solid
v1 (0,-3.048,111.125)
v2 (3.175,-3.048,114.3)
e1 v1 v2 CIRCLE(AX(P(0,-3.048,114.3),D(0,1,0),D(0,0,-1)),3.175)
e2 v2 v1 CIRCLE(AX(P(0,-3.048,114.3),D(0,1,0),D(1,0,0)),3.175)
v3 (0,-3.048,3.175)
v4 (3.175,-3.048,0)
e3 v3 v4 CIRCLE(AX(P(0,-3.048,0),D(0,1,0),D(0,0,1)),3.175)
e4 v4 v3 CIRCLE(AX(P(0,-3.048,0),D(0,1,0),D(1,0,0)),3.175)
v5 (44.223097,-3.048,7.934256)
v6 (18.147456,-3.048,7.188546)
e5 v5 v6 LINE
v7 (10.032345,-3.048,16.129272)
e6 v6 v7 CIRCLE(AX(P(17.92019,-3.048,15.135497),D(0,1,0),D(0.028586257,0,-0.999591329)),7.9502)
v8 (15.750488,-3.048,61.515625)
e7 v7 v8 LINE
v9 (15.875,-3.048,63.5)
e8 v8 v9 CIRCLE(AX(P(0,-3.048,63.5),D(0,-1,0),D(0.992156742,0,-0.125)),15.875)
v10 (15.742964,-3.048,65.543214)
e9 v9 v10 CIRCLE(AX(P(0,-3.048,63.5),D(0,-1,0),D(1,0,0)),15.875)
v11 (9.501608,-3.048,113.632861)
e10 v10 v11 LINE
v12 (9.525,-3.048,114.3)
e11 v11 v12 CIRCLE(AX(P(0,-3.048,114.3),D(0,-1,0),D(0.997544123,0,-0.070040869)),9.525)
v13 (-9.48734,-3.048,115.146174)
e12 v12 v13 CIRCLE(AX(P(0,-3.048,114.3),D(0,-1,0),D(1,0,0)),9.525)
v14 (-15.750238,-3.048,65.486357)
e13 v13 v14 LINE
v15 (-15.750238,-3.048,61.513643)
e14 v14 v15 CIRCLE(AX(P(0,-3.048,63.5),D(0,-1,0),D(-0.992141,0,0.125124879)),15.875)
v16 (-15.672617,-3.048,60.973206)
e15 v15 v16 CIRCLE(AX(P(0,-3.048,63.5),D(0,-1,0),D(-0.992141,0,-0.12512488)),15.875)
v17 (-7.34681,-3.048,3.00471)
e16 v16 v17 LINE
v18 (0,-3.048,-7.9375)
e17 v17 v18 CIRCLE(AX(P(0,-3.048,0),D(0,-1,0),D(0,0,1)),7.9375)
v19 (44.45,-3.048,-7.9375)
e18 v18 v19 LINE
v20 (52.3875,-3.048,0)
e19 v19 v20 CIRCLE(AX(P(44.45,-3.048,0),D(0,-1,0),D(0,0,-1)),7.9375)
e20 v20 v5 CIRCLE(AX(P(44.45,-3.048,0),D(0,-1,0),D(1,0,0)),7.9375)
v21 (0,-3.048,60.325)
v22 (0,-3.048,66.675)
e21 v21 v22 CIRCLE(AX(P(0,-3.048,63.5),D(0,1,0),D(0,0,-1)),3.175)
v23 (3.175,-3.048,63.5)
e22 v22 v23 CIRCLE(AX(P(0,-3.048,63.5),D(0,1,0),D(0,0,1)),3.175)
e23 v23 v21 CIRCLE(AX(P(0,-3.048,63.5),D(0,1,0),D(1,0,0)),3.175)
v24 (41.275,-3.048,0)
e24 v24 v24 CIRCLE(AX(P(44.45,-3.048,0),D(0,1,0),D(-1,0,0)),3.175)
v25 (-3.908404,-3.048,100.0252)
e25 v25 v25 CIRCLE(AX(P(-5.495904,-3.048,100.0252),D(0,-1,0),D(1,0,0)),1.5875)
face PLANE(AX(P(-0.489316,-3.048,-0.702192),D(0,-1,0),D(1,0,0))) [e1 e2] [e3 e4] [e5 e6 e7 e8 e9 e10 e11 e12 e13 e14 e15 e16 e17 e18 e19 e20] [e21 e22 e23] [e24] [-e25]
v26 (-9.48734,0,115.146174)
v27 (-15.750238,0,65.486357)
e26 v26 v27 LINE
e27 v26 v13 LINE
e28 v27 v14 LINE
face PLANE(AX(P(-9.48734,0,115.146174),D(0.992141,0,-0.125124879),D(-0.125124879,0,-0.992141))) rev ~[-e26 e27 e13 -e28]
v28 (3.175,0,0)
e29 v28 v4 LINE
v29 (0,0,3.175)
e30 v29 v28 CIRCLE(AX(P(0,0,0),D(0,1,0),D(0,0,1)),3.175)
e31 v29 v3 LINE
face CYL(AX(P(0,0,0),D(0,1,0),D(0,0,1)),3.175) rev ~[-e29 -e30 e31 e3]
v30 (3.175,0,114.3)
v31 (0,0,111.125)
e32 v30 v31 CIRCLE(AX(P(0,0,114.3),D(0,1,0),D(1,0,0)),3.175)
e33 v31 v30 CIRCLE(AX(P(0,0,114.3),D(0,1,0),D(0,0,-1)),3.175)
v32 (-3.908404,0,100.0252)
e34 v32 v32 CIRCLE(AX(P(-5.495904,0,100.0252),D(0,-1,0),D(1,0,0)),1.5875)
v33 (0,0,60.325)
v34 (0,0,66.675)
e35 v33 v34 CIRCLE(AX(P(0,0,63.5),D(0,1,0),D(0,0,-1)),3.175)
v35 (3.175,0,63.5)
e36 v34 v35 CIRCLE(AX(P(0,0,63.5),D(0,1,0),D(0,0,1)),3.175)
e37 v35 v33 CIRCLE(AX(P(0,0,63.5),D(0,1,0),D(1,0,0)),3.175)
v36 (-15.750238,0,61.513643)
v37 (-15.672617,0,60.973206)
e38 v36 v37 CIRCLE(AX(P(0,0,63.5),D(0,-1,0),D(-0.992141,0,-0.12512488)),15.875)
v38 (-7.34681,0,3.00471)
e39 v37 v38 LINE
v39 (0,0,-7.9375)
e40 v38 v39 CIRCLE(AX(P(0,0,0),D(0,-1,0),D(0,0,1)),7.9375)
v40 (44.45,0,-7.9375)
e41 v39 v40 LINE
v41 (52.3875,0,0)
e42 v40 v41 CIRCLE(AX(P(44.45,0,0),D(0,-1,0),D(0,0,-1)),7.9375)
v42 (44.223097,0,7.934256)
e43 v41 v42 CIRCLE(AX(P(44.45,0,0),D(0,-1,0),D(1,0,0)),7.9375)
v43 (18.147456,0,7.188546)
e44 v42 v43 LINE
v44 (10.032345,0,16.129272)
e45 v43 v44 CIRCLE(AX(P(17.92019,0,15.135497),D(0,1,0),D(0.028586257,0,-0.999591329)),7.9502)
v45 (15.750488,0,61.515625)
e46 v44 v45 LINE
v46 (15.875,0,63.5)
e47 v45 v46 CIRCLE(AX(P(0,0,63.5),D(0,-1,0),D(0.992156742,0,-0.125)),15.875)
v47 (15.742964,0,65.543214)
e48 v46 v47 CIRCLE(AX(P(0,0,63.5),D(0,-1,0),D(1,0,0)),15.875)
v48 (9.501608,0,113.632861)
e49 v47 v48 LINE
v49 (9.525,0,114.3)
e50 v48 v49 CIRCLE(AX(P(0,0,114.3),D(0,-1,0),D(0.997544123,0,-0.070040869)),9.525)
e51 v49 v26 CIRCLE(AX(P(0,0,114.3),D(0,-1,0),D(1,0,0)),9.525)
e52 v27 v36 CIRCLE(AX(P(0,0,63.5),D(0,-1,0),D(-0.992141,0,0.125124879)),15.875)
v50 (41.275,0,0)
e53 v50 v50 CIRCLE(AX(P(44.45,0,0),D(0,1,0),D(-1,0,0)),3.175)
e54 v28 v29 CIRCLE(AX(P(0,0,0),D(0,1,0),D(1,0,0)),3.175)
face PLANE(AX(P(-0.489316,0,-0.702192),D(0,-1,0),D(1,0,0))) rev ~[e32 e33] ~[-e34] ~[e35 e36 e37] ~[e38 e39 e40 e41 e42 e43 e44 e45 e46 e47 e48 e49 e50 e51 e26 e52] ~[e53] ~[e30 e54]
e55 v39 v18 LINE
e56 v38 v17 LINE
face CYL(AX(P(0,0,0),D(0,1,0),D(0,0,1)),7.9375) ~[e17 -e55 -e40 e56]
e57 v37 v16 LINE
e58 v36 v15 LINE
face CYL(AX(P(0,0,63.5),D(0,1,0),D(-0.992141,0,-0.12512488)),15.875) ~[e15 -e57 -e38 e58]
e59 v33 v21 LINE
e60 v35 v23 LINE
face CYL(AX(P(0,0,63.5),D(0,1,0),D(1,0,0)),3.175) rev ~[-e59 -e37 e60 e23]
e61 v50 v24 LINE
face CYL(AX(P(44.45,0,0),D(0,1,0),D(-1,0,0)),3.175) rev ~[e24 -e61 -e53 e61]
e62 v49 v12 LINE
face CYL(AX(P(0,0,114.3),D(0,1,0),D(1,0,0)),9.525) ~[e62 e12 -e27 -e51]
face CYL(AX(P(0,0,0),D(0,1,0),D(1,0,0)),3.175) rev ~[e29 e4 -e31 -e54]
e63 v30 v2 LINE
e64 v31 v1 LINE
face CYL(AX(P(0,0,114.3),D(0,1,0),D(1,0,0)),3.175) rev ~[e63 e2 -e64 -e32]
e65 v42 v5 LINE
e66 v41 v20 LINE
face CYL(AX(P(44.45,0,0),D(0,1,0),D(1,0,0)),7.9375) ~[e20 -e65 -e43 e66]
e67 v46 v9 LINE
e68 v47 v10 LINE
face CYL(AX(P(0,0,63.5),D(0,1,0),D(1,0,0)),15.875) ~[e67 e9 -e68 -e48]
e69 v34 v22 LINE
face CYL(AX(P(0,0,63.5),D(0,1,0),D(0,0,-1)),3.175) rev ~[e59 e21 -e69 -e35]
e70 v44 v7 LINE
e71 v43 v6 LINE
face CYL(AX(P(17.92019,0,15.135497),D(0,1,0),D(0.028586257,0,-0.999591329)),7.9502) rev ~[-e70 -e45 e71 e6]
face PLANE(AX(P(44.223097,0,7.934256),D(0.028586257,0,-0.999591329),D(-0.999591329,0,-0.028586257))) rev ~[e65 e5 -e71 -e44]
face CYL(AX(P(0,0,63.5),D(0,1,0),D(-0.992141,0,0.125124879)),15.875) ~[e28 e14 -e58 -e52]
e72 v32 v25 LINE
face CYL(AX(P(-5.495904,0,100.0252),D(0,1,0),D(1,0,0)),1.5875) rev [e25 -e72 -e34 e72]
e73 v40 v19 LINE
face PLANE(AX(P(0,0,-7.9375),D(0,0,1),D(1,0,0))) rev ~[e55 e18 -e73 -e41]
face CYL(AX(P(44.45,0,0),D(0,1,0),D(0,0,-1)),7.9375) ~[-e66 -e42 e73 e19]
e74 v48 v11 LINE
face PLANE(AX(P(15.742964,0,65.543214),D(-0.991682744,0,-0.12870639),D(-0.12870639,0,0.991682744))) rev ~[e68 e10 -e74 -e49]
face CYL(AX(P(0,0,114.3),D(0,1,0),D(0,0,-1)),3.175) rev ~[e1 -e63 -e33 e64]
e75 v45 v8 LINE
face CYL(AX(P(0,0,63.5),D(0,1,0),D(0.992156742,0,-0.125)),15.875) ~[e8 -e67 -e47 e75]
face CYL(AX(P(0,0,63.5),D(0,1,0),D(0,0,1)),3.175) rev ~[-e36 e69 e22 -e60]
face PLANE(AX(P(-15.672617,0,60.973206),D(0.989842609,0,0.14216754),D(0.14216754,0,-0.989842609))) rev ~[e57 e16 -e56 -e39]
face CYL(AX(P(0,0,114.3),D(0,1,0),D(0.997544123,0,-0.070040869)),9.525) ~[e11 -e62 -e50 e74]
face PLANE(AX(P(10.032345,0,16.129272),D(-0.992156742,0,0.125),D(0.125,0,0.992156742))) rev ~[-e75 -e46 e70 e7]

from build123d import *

# Parameters (mm, degrees)
F0_R     = 1.5875
F1_DEPTH = 3.048


with BuildPart() as f1:
    # F0 (on Front) → F1 (new body)
    with BuildSketch(Plane.XZ):
        with BuildLine():
            ThreePointArc((3.175, 0), (-2.2450640303, -2.2450640303), (0, 3.175))
            Line((0, 3.175), (0, 7.9375))
            ThreePointArc((0, 7.9375), (-4.4245915599, 6.589908632), (-7.3468104853, 3.0047099599))
            ThreePointArc((-7.3468104853, 3.0047099599), (-6.589908632, -4.4245915599), (0, -7.9375))
            ThreePointArc((0, -7.9375), (5.6126600757, -5.6126600757), (7.9375, 0))
            Line((7.9375, 0), (3.175, 0))
        make_face()
        with BuildLine():
            ThreePointArc((-7.3468104853, 3.0047099599), (-4.4245915599, 6.589908632), (0, 7.9375))
            Line((0, 7.9375), (0, 47.625))
            ThreePointArc((0, 47.625), (-10.2932687392, 51.4142958971), (-15.6726173523, 60.9732055229))
            Line((-15.6726173523, 60.9732055229), (-7.3468104853, 3.0047099599))
        make_face()
        with BuildLine():
            Line((0, 47.625), (0, 7.9375))
            ThreePointArc((0, 7.9375), (5.6126600757, 5.6126600757), (7.9375, 0))
            Line((7.9375, 0), (36.5125, 0))
            ThreePointArc((36.5125, 0), (38.7576827175, 5.5318559458), (44.2230965871, 7.9342561776))
            Line((44.2230965871, 7.9342561776), (18.1474563207, 7.1885464806))
            ThreePointArc((18.1474563207, 7.1885464806), (12.0333180798, 9.7922381017), (10.0323453348, 16.129272468))
            Line((10.0323453348, 16.129272468), (15.7504882737, 61.515625))
            ThreePointArc((15.7504882737, 61.515625), (10.5003255158, 51.59375), (0, 47.625))
        make_face()
        with BuildLine():
            Line((36.5125, 0), (7.9375, 0))
            ThreePointArc((7.9375, 0), (5.6126600757, -5.6126600757), (0, -7.9375))
            Line((0, -7.9375), (44.45, -7.9375))
            ThreePointArc((44.45, -7.9375), (38.8373399243, -5.6126600757), (36.5125, 0))
        make_face()
        with BuildLine():
            ThreePointArc((-15.6726173523, 60.9732055229), (-10.2932687392, 51.4142958971), (0, 47.625))
            Line((0, 47.625), (0, 60.325))
            ThreePointArc((0, 60.325), (-3.175, 63.5), (0, 66.675))
            Line((0, 66.675), (0, 79.375))
            ThreePointArc((0, 79.375), (-10.4995761896, 75.4069108016), (-15.7502383805, 65.4863574599))
            ThreePointArc((-15.7502383805, 65.4863574599), (-15.875, 63.5), (-15.7502383805, 61.5136425401))
            Line((-15.7502383805, 61.5136425401), (-15.6726173523, 60.9732055229))
        make_face()
        with BuildLine():
            Line((0, 60.325), (0, 47.625))
            ThreePointArc((0, 47.625), (10.5003255158, 51.59375), (15.7504882737, 61.515625))
            ThreePointArc((15.7504882737, 61.515625), (15.8438414904, 62.5058612634), (15.875, 63.5))
            ThreePointArc((15.875, 63.5), (15.8419565013, 64.5237378624), (15.742963564, 65.5432139445))
            ThreePointArc((15.742963564, 65.5432139445), (10.4780628847, 75.425846854), (0, 79.375))
            Line((0, 79.375), (0, 66.675))
            ThreePointArc((0, 66.675), (2.2450640303, 65.7450640303), (3.175, 63.5))
            ThreePointArc((3.175, 63.5), (2.2450640303, 61.2549359697), (0, 60.325))
        make_face()
        with BuildLine():
            ThreePointArc((44.2230965871, 7.9342561776), (38.7576827175, 5.5318559458), (36.5125, 0))
            ThreePointArc((36.5125, 0), (38.8373399243, -5.6126600757), (44.45, -7.9375))
            ThreePointArc((44.45, -7.9375), (50.0626600757, -5.6126600757), (52.3875, 0))
            ThreePointArc((52.3875, 0), (49.9818559458, 5.6923172825), (44.2230965871, 7.9342561776))
        make_face()
        with BuildLine():
            ThreePointArc((47.625, 0), (44.45, -3.175), (41.275, 0))
            ThreePointArc((41.275, 0), (44.45, 3.175), (47.625, 0))
        make_face(mode=Mode.SUBTRACT)
        with BuildLine():
            ThreePointArc((-15.7502383805, 61.5136425401), (-15.7137514185, 61.243090308), (-15.6726173523, 60.9732055229))
            Line((-15.6726173523, 60.9732055229), (-15.7502383805, 61.5136425401))
        make_face()
        with BuildLine():
            ThreePointArc((-15.7502383805, 65.4863574599), (-10.4995761896, 75.4069108016), (0, 79.375))
            Line((0, 79.375), (0, 104.775))
            ThreePointArc((0, 104.775), (-7.0279952587, 107.8709325992), (-9.4873396767, 115.1461742481))
            Line((-9.4873396767, 115.1461742481), (-15.7502383805, 65.4863574599))
        make_face()
        with Locations((-5.4959040135, 100.0252)):
            Circle(F0_R, mode=Mode.SUBTRACT)
        with BuildLine():
            Line((0, 104.775), (0, 79.375))
            ThreePointArc((0, 79.375), (10.4780628847, 75.425846854), (15.742963564, 65.5432139445))
            Line((15.742963564, 65.5432139445), (9.5016077683, 113.6328607214))
            ThreePointArc((9.5016077683, 113.6328607214), (6.4950413152, 107.3329300768), (0, 104.775))
        make_face()
        with BuildLine():
            ThreePointArc((-9.4873396767, 115.1461742481), (-7.0279952587, 107.8709325992), (0, 104.775))
            ThreePointArc((0, 104.775), (6.4950413152, 107.3329300768), (9.5016077683, 113.6328607214))
            ThreePointArc((9.5016077683, 113.6328607214), (9.5191501457, 113.9662253704), (9.525, 114.3))
            ThreePointArc((9.525, 114.3), (0.4235059498, 123.8155802614), (-9.4873396767, 115.1461742481))
        make_face()
        with BuildLine():
            ThreePointArc((3.175, 114.3), (2.2450640303, 112.0549359697), (0, 111.125))
            ThreePointArc((0, 111.125), (-2.2450640303, 116.5450640303), (3.175, 114.3))
        make_face(mode=Mode.SUBTRACT)
        with BuildLine():
            Line((0, 7.9375), (0, 3.175))
            ThreePointArc((0, 3.175), (2.2450640303, 2.2450640303), (3.175, 0))
            Line((3.175, 0), (7.9375, 0))
            ThreePointArc((7.9375, 0), (5.6126600757, 5.6126600757), (0, 7.9375))
        make_face()
    extrude(amount=F1_DEPTH)


solid = f1.part
